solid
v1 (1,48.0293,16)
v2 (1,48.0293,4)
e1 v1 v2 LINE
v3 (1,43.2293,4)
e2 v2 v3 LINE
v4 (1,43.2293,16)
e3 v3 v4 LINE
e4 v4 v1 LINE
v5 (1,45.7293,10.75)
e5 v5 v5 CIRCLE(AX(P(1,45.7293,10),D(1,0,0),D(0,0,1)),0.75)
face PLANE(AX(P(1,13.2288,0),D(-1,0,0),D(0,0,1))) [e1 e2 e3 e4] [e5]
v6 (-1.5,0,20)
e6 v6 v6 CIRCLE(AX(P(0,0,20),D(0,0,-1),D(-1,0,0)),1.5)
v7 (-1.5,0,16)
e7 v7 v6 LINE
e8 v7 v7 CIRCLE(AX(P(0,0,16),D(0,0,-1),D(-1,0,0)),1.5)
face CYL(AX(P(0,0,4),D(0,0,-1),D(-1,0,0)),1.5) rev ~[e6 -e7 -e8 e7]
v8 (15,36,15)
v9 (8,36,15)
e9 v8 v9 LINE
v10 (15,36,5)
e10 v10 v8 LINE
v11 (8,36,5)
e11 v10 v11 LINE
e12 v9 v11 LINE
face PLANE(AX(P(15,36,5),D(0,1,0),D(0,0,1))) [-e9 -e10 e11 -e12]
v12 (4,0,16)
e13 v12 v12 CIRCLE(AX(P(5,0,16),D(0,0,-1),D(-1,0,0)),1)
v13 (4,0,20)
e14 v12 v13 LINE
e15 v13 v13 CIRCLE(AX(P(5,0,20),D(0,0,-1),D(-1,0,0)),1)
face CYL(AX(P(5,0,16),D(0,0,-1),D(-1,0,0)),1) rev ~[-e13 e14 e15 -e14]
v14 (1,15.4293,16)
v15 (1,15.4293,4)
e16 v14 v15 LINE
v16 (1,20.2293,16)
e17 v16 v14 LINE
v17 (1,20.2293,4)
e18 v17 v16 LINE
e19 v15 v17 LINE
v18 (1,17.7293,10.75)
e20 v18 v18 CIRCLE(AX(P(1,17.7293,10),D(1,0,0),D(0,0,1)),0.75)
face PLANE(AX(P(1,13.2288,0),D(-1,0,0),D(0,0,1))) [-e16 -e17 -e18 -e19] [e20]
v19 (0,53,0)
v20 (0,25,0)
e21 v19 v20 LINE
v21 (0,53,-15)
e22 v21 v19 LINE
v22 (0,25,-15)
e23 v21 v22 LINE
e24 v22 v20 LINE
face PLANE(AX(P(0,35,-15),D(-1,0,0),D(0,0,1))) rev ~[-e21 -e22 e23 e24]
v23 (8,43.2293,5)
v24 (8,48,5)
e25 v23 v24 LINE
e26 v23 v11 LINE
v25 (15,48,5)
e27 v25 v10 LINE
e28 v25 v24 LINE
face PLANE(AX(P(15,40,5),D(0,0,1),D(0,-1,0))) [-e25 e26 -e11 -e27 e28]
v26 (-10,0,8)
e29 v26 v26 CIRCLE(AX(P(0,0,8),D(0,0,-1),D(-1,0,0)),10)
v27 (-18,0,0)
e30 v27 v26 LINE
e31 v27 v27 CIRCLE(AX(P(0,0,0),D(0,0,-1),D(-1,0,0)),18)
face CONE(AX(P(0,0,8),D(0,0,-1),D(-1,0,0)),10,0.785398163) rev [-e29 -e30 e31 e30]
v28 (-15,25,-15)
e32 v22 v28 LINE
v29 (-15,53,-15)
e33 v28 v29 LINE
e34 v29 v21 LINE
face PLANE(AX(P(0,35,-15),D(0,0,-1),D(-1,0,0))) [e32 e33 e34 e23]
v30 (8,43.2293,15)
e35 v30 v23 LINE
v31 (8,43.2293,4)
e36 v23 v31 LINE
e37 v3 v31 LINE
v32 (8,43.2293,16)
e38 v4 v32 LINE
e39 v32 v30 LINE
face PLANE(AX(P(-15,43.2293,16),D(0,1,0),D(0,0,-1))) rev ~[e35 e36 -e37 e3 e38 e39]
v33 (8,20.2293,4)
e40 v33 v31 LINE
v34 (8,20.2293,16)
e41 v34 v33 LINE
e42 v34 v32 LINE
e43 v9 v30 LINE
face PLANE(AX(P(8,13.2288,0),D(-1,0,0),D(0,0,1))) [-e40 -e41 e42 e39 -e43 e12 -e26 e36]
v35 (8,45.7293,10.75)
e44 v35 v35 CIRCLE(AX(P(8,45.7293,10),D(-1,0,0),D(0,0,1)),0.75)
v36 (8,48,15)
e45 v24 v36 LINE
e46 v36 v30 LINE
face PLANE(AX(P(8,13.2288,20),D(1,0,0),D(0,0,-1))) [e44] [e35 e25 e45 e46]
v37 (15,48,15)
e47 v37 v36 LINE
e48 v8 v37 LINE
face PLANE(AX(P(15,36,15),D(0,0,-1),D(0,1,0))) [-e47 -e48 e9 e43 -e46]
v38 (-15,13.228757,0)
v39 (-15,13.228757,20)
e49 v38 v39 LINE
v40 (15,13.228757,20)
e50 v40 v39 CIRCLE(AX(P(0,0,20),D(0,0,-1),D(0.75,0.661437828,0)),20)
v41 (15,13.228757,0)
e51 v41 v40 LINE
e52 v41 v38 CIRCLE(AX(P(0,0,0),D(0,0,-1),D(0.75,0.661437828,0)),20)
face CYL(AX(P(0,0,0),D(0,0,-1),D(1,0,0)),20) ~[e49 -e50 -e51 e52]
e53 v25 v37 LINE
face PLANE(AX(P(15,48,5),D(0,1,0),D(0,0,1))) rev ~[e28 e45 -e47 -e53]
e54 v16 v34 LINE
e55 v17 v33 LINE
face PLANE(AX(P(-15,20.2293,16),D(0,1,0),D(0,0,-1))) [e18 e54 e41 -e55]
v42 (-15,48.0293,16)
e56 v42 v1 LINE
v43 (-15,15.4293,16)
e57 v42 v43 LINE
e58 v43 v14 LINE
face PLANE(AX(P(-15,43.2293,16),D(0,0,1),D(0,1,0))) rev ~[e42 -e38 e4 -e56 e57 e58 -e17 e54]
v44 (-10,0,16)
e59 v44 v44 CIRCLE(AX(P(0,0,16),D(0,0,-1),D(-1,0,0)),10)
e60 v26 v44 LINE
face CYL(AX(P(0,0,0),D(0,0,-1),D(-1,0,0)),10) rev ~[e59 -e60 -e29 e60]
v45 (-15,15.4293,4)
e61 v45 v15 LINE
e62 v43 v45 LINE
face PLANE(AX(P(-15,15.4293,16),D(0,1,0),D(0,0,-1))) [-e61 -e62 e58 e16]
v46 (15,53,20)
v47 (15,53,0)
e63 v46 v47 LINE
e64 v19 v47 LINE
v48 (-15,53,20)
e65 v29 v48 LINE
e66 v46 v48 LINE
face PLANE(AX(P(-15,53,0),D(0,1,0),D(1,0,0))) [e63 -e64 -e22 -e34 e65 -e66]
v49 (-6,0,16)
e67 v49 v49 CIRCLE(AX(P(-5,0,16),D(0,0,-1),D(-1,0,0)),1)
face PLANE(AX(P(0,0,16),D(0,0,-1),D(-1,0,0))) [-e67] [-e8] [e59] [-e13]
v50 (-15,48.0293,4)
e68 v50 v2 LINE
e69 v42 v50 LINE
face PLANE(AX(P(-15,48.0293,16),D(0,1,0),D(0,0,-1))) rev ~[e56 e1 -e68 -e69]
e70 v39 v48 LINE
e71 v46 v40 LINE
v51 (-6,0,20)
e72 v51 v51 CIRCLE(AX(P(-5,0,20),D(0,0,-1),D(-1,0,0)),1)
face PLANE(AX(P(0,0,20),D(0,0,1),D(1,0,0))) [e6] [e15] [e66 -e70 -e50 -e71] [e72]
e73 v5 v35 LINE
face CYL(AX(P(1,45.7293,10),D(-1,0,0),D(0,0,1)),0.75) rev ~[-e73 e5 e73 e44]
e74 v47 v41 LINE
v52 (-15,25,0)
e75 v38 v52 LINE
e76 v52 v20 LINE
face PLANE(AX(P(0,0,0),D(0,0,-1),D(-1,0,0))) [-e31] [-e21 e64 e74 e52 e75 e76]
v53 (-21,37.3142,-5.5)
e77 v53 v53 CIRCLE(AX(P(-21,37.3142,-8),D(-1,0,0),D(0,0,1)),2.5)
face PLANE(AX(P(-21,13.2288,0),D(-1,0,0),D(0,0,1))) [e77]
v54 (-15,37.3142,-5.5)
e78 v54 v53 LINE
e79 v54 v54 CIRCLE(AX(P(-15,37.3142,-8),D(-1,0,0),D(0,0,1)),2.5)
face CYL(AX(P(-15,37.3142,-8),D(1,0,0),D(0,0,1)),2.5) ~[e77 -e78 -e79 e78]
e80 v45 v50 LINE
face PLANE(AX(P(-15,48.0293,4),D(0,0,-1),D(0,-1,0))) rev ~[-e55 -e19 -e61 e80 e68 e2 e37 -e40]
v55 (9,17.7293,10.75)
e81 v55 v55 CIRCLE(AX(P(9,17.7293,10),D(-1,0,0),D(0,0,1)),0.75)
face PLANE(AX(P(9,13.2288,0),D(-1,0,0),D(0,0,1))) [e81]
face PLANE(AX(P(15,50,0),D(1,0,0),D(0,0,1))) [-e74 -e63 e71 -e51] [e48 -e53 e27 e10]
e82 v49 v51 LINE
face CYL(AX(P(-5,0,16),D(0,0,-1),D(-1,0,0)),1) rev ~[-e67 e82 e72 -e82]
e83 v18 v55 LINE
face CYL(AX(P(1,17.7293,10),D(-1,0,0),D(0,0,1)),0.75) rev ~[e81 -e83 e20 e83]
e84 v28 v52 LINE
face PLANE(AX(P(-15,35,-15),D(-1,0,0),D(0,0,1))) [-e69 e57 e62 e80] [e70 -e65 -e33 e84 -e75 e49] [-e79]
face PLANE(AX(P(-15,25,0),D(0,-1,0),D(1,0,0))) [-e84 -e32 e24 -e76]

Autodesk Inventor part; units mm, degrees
ref_plane "YZ Plane" through (0, 0, 0) normal (1, 0, 0) x (0, 1, 0)
ref_plane "XZ Plane" through (0, 0, 0) normal (0, 1, 0) x (-1, 0, 0)
ref_plane "XY Plane" through (0, 0, 0) normal (0, 0, 1) x (1, 0, 0)
sketch "Sketch1" plane through (0, 0, 0) normal (0, 0, 1) x (1, 0, 0)
  circle A0 centre (0, 0) radius 10
  circle A1 centre (0, 0) radius 20
  line L0 (-15, 0) -> (15, 0)
  line L1 (15, 0) -> (15, 50)
  line L2 (15, 50) -> (-15, 50)
  line L3 (-15, 50) -> (-15, 0)
  point P0 (-15, 13.2288)
  point P1 (15, 13.2288)
  dimension "d0" = 20
  dimension "d1" = 40
  dimension "d2" = 30
  dimension "d3" = 50
extrude "Extrusion1" add sketch "Sketch1" along normal blind 20
sketch "Sketch2" plane through (0, 0, 20) normal (0, 0, 1) x (1, 0, 0)
  circle A0 centre (0, 0) radius 10
  dimension "d6" = 20
extrude "Extrusion2" cut sketch "Sketch2" against normal blind 15
sketch "Sketch4" plane through (-15, 13.2288, 0) normal (-1, 0, 0) x (0, 0, 1)
  line L0 (0, 36.7712) -> (20, 36.7712) projected
  line L1 (0, 0) -> (0, 36.7712) projected
  line L2 (20, 36.7712) -> (0, 36.7712)
  line L3 (0, 36.7712) -> (0, 0)
  line L4 (0, 0) -> (20, 0)
  line L5 (20, 0) -> (20, 36.7712)
  line L6 (0, 0) -> (20, 0) projected
  line L7 (20, 36.7712) -> (10, 36.7712)
  line L8 (10, 36.7712) -> (10, 0)
  line L9 (10, 0) -> (20, 0)
  line L10 (20, 0) -> (20, 36.7712)
  line L11 (10, 0) -> (16, 0)
  line L12 (16, 0) -> (16, 25)
  line L13 (16, 25) -> (10, 25)
  line L14 (10, 25) -> (10, 0)
  line L15 (10, 25) -> (4, 25)
  line L16 (4, 25) -> (4, 0)
  line L17 (4, 0) -> (10, 0)
  line L18 (10, 0) -> (10, 25)
  line L19 (4, 25) -> (16, 25)
  line L20 (16, 25) -> (16, 30.0005)
  line L21 (16, 30.0005) -> (4, 30.0005)
  line L22 (4, 30.0005) -> (4, 25)
  line L23 (4, 30.0005) -> (16, 30.0005)
  line L24 (16, 30.0005) -> (16, 7.0005)
  line L25 (16, 7.0005) -> (4, 7.0005)
  line L26 (4, 7.0005) -> (4, 30.0005)
  line L27 (10, 7.0005) -> (16, 7.0005)
  line L28 (16, 7.0005) -> (16, 0)
  line L29 (16, 0) -> (10, 0)
  line L30 (10, 0) -> (10, 7.0005)
  point P0 (0, -13.2288)
  dimension "d13" = 6
  dimension "d14" = 25
  dimension "d15" = 6
  dimension "d16" = 23
extrude "Extrusion3" cut sketch "Sketch4" against normal blind 23 contours L21 L20 L13 L8 | L8 L15 L22 L21 | L13 L12 L25 L8 | L8 L25 L16 L15
sketch "Sketch6" plane through (-15, 13.2288, 0) normal (-1, 0, 0) x (0, 0, 1)
  line L0 (4, 7.0005) -> (4, 30.0005) projected
  line L1 (4, 7.0005) -> (16, 7.0005)
  line L2 (16, 7.0005) -> (16, 2.2005)
  line L3 (16, 2.2005) -> (4, 2.2005)
  line L4 (4, 2.2005) -> (4, 7.0005)
  line L5 (4, 30.0005) -> (16, 30.0005)
  line L6 (16, 30.0005) -> (16, 34.8005)
  line L7 (16, 34.8005) -> (4, 34.8005)
  line L8 (4, 34.8005) -> (4, 30.0005)
  point P0 (0, -13.2288)
  dimension "d19" = 12
  dimension "d20" = 4.8
  dimension "d21" = 4.8
extrude "Extrusion4" cut sketch "Sketch6" against normal blind 16
sketch "Sketch7" plane through (1, 13.2288, 0) normal (-1, 0, 0) x (0, 0, 1)
  line L0 (4, 30.0005) -> (16, 30.0005) projected
  line L1 (4, 30.0005) -> (10, 30.0005)
  line L2 (10, 30.0005) -> (10, 32.5005)
  line L3 (10, 32.5005) -> (4, 32.5005)
  line L4 (4, 32.5005) -> (4, 30.0005)
  circle A0 centre (10, 32.5005) radius 0.75
  line L5 (16, 7.0005) -> (4, 7.0005) projected
  line L6 (16, 7.0005) -> (16, 2.2005) projected
  line L7 (4, 7.0005) -> (16, 7.0005)
  line L8 (16, 7.0005) -> (16, 4.5005)
  line L9 (16, 4.5005) -> (4, 4.5005)
  line L10 (4, 4.5005) -> (4, 7.0005)
  line L11 (10, 4.5005) -> (4, 4.5005)
  line L12 (4, 4.5005) -> (4, 7.0005)
  line L13 (4, 7.0005) -> (10, 7.0005)
  line L14 (10, 7.0005) -> (10, 4.5005)
  circle A1 centre (10, 4.5005) radius 0.75
  point P0 (0, -13.2288)
  dimension "d24" = 2.5
  dimension "d25" = 1.5
  dimension "d26" = 2.5
  dimension "d27" = 1.5
extrude "Extrusion5" cut sketch "Sketch7" against normal blind 8 contours A0 L3 L2 | L2 L3 A0 | A1 L9 L14 | L14 L9 A1 | A1 L9
sketch "Sketch8" plane through (15, 13.2288, 0) normal (1, 0, 0) x (0, 0, -1)
  line L0 (0, 36.7712) -> (0, 0) projected
  line L1 (-20, 36.7712) -> (-20, 0) projected
  line L2 (0, 36.7712) -> (-20, 36.7712)
  line L3 (-20, 36.7712) -> (-20, 26.7712)
  line L4 (-20, 26.7712) -> (0, 26.7712)
  line L5 (0, 26.7712) -> (0, 36.7712)
  line L6 (0, 26.7712) -> (-20, 26.7712)
  line L7 (-20, 26.7712) -> (-20, 18.7712)
  line L8 (-20, 18.7712) -> (0, 18.7712)
  line L9 (0, 18.7712) -> (0, 26.7712)
  line L10 (0, 26.7712) -> (-10, 26.7712)
  line L11 (-10, 26.7712) -> (-10, 18.7712)
  line L12 (-10, 18.7712) -> (0, 18.7712)
  line L13 (0, 18.7712) -> (0, 26.7712)
  line L14 (-10, 26.7712) -> (-5, 26.7712)
  line L15 (-5, 26.7712) -> (-5, 22.7712)
  line L16 (-5, 22.7712) -> (-10, 22.7712)
  line L17 (-10, 22.7712) -> (-10, 26.7712)
  line L18 (-10, 22.7712) -> (-15, 22.7712)
  line L19 (-15, 22.7712) -> (-15, 26.7712)
  line L20 (-15, 26.7712) -> (-10, 26.7712)
  line L21 (-10, 26.7712) -> (-10, 22.7712)
  point P0 (0, -13.2288)
  dimension "d30" = 10
  dimension "d31" = 8
  dimension "d32" = 5
  dimension "d33" = 5
extrude "Extrusion6" cut sketch "Sketch8" against normal blind 15.8125 contours L15 L16 L11 L4 | L11 L18 L19 L4
sketch "Sketch9" plane through (0, 0, 5) normal (0, 0, 1) x (1, 0, 0)
  circle A0 centre (0, 0) radius 1
  circle A1 centre (7, 0) radius 1.5
  circle A2 centre (0, 0) radius 1.5
  circle A3 centre (-7, 0) radius 1.5
  dimension "d36" = 2
  dimension "d37" = 3
  dimension "d38" = 3
  dimension "d39" = 3
extrude "Extrusion7" cut sketch "Sketch9" against normal blind 8 contours A0 | A1 | A2 | A3
sketch "Sketch10" plane through (-15, 50, 0) normal (0, 1, 0) x (1, 0, 0)
  line L0 (0, 0) -> (0, -20) projected
  line L1 (0, 0) -> (29.4792, 0)
  line L2 (29.4792, 0) -> (29.4792, -20)
  line L3 (29.4792, -20) -> (0, -20)
  line L4 (0, -20) -> (0, 0)
  point P0 (15, 0)
extrude "Extrusion8" add sketch "Sketch10" along normal blind 10
sketch "Sketch11" plane through (0, 0, 0) normal (0, 0, -1) x (-1, 0, 0)
  line L0 (15, 13.2288) -> (15, 60) projected
  line L1 (-15, 13.2288) -> (-15, 50) projected
  line L2 (15, 60) -> (-15, 60)
  line L3 (-15, 60) -> (-15, 45)
  line L4 (-15, 45) -> (15, 45)
  line L5 (15, 45) -> (15, 60)
  line L6 (15, 45) -> (-15, 45)
  line L7 (-15, 45) -> (-15, 35)
  line L8 (-15, 35) -> (15, 35)
  line L9 (15, 35) -> (15, 45)
  point P0 (0, 0)
  dimension "d47" = 15
  dimension "d48" = 10
sketch "Sketch12" plane through (14.4792, 50, 20) normal (1, 0, 0) x (0, 0, -1)
  line L0 (20, 0) -> (20, 10) projected
  line L1 (0, 0) -> (20, 0)
  line L2 (20, 0) -> (20, 10)
  line L3 (20, 10) -> (0, 10)
  line L4 (0, 10) -> (0, 0)
  point P0 (20, -50)
extrude "Extrusion9" cut sketch "Sketch12" against normal blind 59.6125
sketch "Sketch13" plane through (-15, 50, 0) normal (0, 1, 0) x (1, 0, 0)
  line L0 (30, 0) -> (30, -20) projected
  line L1 (0, 0) -> (30, 0)
  line L2 (30, 0) -> (30, -20)
  line L3 (30, -20) -> (0, -20)
  line L4 (0, -20) -> (0, 0)
  point P0 (15, 0)
extrude "Extrusion10" add sketch "Sketch13" along normal blind 10
extrude "Extrusion11" add sketch "Sketch11" along normal blind 10
sketch "Sketch15" plane through (0, 0, 20) normal (0, 0, 1) x (1, 0, 0)
  line L0 (-15, 60) -> (15, 60) projected
  line L1 (-15, 60) -> (0, 60)
  line L2 (0, 60) -> (0, 35)
  line L3 (0, 35) -> (-15, 35)
  line L4 (-15, 35) -> (-15, 60)
  point P0 (0, 0)
  dimension "d56" = 25
extrude "Extrusion12" add sketch "Sketch15" along normal blind 10
sketch "Sketch16" plane through (0, 0, -10) normal (0, 0, -1) x (-1, 0, 0)
  line L0 (-15, 13.2288) -> (-15, 60) projected
  line L1 (0, 35) -> (15, 35) projected
  line L2 (-15, 60) -> (0, 60)
  line L3 (0, 60) -> (0, 35)
  line L4 (0, 35) -> (-15, 35)
  line L5 (-15, 35) -> (-15, 60)
  point P0 (0, 0)
extrude "Extrusion13" cut sketch "Sketch16" against normal blind 10
sketch "Sketch18" plane through (0, 0, 20) normal (0, 0, 1) x (1, 0, 0)
  circle A0 centre (0, 0) radius 10
extrude "Extrusion15" add sketch "Sketch18" against normal blind 16
sketch "Sketch19" plane through (0, 0, 0) normal (0, 0, -1) x (-1, 0, 0)
  circle A0 centre (0, 0) radius 1.5 projected
  circle A1 centre (0, 0) radius 10
  dimension "d72" = 20
extrude "Extrusion16" cut sketch "Sketch19" against normal blind 16
sketch "Sketch20" plane through (0, 0, 4) normal (0, 0, -1) x (-1, 0, 0)
  circle A0 centre (0, 0) radius 1.5 projected
  circle A1 centre (0, 0) radius 1.5
extrude "Extrusion17" cut sketch "Sketch20" against normal blind 30.0375
sketch "Sketch21" plane through (0, 0, 16) normal (0, 0, -1) x (-1, 0, 0)
  circle A0 centre (5, 0) radius 1
  circle A1 centre (-5, 0) radius 1
  point P0 (0, 0)
  dimension "d77" = 2
  dimension "d78" = 2
extrude "Extrusion18" cut sketch "Sketch21" against normal blind 138.2375
chamfer "Chamfer2" distance 8 angle 45 1 edges at (10, 0, 0)
sketch "Sketch22" plane through (-15, 13.2288, 0) normal (-1, 0, 0) x (0, 0, 1)
  circle A0 centre (-4, 36.7712) radius 2 projected
  circle A1 centre (-4, 36.7712) radius 2
  circle A2 centre (24, 36.7712) radius 2 projected
  circle A3 centre (24, 36.7712) radius 2
  point P0 (0, -13.2288)
sketch "Sketch25" plane through (-15, 13.2288, 0) normal (-1, 0, 0) x (0, 0, 1)
  circle A0 centre (-4, 36.7712) radius 2 projected
  circle A1 centre (-4, 36.7712) radius 8
  arc A2 (7.7087, 23.1005) -> (12.2913, 23.1005) centre (10, 24.1005) ccw projected
  circle A3 centre (10, 24.1005) radius 8
  circle A4 centre (24, 36.7712) radius 2 projected
  circle A5 centre (24, 36.7712) radius 8
  circle A6 centre (-4, 36.7712) radius 2
  circle A7 centre (24, 36.7712) radius 2
  line L0 (-4, 36.7712) -> (24.7591, 36.7712)
  line L1 (24.7591, 36.7712) -> (24.7591, 61.7712)
  line L2 (24.7591, 61.7712) -> (-4, 61.7712)
  line L3 (-4, 61.7712) -> (-4, 36.7712)
  point P0 (0, -13.2288)
  dimension "d92" = 16
  dimension "d93" = 16
  dimension "d94" = 16
  dimension "d99" = 25
sketch "Sketch29" plane through (-15, 15.4292, 4) normal (0, 0, 1) x (1, 0, 0)
  point P0 (15, -15.4292)
sketch "Sketch33" plane through (15, 13.2288, 20) normal (1, 0, 0) x (0, 0, -1)
  line L0 (5, 26.7712) -> (5, 22.7712) projected
  line L1 (5, 26.7712) -> (15, 26.7712)
  line L2 (15, 26.7712) -> (15, 34.7712)
  line L3 (15, 34.7712) -> (5, 34.7712)
  line L4 (5, 34.7712) -> (5, 26.7712)
  point P0 (20, -13.2288)
  dimension "d110" = 10
  dimension "d111" = 8
extrude "Extrusion27" cut sketch "Sketch33" against normal blind 7
sketch "Sketch34" plane through (0, 0, 30) normal (0, 0, 1) x (1, 0, 0)
  point P0 (0, 0)
sketch "Sketch37" plane through (0, 0, 30) normal (0, 0, 1) x (1, 0, 0)
  point P0 (0, 0)
sketch "Sketch38" plane through (-15, 13.2288, 0) normal (-1, 0, 0) x (0, 0, 1)
  point P0 (0, -13.2288)
sketch "Sketch41" plane through (-15, 13.2288, 0) normal (-1, 0, 0) x (0, 0, 1)
  line L0 (30, 21.7712) -> (30, 46.7712) projected
  line L1 (30, 21.7712) -> (20, 21.7712)
  line L2 (20, 21.7712) -> (20, 48.4389)
  line L3 (20, 48.4389) -> (30, 48.4389)
  line L4 (30, 48.4389) -> (30, 21.7712)
  point P0 (0, -13.2288)
extrude "Extrusion31" cut sketch "Sketch41" against normal blind 36.0375
sketch "Sketch42" plane through (0, 0, -10) normal (0, 0, -1) x (-1, 0, 0)
  line L0 (0, 35) -> (15, 35) projected
  line L1 (0, 60) -> (0, 35) projected
  line L2 (15, 35) -> (0, 35)
  line L3 (0, 35) -> (0, 60)
  line L4 (0, 60) -> (15, 60)
  line L5 (15, 60) -> (15, 35)
  point P0 (0, 0)
extrude "Extrusion32" add sketch "Sketch42" along normal blind 5
sketch "Sketch43" plane through (-15, 35, 0) normal (0, -1, 0) x (1, 0, 0)
  line L0 (15, -15) -> (15, 0) projected
  line L1 (0, 0) -> (15, 0) projected
  line L2 (15, -15) -> (0, -15)
  line L3 (0, -15) -> (0, 0)
  line L4 (0, 0) -> (15, 0)
  line L5 (15, 0) -> (15, -15)
extrude "Extrusion33" add sketch "Sketch43" along normal blind 10
sketch "Sketch44" plane through (-15, 13.2288, 0) normal (-1, 0, 0) x (0, 0, 1)
  line L0 (16, 2.2005) -> (4, 2.2005) projected
  line L1 (10, 2.2005) -> (10, 34.6918)
  circle A0 centre (10, 24.0854) radius 8
  line L2 (10, 24.0854) -> (-8, 24.0854)
  circle A1 centre (-8, 24.0854) radius 8
  circle A2 centre (-8, 24.0854) radius 2.5
  point P0 (0, -13.2288)
  dimension "d128" = 16
  dimension "d129" = 18
  dimension "d130" = 16
  dimension "d131" = 5
extrude "Extrusion34" add sketch "Sketch44" along normal blind 6 contours A2
sketch "Sketch45" plane through (-15, 60, 0) normal (0, 1, 0) x (1, 0, 0)
  line L0 (0, 0) -> (0, 15) projected
  line L1 (0, -20) -> (30, -20) projected
  line L2 (0, 15) -> (15, 15)
  line L3 (15, 15) -> (15, -20)
  line L4 (15, -20) -> (0, -20)
  line L5 (0, -20) -> (0, 15)
  line L6 (30, -20) -> (30, 0) projected
  line L7 (15, 0) -> (30, 0)
  line L8 (30, 0) -> (30, -20)
  line L9 (30, -20) -> (15, -20)
  line L10 (15, -20) -> (15, 0)
extrude "Extrusion35" cut sketch "Sketch45" against normal blind 7
properties part number "NeWConcept"
